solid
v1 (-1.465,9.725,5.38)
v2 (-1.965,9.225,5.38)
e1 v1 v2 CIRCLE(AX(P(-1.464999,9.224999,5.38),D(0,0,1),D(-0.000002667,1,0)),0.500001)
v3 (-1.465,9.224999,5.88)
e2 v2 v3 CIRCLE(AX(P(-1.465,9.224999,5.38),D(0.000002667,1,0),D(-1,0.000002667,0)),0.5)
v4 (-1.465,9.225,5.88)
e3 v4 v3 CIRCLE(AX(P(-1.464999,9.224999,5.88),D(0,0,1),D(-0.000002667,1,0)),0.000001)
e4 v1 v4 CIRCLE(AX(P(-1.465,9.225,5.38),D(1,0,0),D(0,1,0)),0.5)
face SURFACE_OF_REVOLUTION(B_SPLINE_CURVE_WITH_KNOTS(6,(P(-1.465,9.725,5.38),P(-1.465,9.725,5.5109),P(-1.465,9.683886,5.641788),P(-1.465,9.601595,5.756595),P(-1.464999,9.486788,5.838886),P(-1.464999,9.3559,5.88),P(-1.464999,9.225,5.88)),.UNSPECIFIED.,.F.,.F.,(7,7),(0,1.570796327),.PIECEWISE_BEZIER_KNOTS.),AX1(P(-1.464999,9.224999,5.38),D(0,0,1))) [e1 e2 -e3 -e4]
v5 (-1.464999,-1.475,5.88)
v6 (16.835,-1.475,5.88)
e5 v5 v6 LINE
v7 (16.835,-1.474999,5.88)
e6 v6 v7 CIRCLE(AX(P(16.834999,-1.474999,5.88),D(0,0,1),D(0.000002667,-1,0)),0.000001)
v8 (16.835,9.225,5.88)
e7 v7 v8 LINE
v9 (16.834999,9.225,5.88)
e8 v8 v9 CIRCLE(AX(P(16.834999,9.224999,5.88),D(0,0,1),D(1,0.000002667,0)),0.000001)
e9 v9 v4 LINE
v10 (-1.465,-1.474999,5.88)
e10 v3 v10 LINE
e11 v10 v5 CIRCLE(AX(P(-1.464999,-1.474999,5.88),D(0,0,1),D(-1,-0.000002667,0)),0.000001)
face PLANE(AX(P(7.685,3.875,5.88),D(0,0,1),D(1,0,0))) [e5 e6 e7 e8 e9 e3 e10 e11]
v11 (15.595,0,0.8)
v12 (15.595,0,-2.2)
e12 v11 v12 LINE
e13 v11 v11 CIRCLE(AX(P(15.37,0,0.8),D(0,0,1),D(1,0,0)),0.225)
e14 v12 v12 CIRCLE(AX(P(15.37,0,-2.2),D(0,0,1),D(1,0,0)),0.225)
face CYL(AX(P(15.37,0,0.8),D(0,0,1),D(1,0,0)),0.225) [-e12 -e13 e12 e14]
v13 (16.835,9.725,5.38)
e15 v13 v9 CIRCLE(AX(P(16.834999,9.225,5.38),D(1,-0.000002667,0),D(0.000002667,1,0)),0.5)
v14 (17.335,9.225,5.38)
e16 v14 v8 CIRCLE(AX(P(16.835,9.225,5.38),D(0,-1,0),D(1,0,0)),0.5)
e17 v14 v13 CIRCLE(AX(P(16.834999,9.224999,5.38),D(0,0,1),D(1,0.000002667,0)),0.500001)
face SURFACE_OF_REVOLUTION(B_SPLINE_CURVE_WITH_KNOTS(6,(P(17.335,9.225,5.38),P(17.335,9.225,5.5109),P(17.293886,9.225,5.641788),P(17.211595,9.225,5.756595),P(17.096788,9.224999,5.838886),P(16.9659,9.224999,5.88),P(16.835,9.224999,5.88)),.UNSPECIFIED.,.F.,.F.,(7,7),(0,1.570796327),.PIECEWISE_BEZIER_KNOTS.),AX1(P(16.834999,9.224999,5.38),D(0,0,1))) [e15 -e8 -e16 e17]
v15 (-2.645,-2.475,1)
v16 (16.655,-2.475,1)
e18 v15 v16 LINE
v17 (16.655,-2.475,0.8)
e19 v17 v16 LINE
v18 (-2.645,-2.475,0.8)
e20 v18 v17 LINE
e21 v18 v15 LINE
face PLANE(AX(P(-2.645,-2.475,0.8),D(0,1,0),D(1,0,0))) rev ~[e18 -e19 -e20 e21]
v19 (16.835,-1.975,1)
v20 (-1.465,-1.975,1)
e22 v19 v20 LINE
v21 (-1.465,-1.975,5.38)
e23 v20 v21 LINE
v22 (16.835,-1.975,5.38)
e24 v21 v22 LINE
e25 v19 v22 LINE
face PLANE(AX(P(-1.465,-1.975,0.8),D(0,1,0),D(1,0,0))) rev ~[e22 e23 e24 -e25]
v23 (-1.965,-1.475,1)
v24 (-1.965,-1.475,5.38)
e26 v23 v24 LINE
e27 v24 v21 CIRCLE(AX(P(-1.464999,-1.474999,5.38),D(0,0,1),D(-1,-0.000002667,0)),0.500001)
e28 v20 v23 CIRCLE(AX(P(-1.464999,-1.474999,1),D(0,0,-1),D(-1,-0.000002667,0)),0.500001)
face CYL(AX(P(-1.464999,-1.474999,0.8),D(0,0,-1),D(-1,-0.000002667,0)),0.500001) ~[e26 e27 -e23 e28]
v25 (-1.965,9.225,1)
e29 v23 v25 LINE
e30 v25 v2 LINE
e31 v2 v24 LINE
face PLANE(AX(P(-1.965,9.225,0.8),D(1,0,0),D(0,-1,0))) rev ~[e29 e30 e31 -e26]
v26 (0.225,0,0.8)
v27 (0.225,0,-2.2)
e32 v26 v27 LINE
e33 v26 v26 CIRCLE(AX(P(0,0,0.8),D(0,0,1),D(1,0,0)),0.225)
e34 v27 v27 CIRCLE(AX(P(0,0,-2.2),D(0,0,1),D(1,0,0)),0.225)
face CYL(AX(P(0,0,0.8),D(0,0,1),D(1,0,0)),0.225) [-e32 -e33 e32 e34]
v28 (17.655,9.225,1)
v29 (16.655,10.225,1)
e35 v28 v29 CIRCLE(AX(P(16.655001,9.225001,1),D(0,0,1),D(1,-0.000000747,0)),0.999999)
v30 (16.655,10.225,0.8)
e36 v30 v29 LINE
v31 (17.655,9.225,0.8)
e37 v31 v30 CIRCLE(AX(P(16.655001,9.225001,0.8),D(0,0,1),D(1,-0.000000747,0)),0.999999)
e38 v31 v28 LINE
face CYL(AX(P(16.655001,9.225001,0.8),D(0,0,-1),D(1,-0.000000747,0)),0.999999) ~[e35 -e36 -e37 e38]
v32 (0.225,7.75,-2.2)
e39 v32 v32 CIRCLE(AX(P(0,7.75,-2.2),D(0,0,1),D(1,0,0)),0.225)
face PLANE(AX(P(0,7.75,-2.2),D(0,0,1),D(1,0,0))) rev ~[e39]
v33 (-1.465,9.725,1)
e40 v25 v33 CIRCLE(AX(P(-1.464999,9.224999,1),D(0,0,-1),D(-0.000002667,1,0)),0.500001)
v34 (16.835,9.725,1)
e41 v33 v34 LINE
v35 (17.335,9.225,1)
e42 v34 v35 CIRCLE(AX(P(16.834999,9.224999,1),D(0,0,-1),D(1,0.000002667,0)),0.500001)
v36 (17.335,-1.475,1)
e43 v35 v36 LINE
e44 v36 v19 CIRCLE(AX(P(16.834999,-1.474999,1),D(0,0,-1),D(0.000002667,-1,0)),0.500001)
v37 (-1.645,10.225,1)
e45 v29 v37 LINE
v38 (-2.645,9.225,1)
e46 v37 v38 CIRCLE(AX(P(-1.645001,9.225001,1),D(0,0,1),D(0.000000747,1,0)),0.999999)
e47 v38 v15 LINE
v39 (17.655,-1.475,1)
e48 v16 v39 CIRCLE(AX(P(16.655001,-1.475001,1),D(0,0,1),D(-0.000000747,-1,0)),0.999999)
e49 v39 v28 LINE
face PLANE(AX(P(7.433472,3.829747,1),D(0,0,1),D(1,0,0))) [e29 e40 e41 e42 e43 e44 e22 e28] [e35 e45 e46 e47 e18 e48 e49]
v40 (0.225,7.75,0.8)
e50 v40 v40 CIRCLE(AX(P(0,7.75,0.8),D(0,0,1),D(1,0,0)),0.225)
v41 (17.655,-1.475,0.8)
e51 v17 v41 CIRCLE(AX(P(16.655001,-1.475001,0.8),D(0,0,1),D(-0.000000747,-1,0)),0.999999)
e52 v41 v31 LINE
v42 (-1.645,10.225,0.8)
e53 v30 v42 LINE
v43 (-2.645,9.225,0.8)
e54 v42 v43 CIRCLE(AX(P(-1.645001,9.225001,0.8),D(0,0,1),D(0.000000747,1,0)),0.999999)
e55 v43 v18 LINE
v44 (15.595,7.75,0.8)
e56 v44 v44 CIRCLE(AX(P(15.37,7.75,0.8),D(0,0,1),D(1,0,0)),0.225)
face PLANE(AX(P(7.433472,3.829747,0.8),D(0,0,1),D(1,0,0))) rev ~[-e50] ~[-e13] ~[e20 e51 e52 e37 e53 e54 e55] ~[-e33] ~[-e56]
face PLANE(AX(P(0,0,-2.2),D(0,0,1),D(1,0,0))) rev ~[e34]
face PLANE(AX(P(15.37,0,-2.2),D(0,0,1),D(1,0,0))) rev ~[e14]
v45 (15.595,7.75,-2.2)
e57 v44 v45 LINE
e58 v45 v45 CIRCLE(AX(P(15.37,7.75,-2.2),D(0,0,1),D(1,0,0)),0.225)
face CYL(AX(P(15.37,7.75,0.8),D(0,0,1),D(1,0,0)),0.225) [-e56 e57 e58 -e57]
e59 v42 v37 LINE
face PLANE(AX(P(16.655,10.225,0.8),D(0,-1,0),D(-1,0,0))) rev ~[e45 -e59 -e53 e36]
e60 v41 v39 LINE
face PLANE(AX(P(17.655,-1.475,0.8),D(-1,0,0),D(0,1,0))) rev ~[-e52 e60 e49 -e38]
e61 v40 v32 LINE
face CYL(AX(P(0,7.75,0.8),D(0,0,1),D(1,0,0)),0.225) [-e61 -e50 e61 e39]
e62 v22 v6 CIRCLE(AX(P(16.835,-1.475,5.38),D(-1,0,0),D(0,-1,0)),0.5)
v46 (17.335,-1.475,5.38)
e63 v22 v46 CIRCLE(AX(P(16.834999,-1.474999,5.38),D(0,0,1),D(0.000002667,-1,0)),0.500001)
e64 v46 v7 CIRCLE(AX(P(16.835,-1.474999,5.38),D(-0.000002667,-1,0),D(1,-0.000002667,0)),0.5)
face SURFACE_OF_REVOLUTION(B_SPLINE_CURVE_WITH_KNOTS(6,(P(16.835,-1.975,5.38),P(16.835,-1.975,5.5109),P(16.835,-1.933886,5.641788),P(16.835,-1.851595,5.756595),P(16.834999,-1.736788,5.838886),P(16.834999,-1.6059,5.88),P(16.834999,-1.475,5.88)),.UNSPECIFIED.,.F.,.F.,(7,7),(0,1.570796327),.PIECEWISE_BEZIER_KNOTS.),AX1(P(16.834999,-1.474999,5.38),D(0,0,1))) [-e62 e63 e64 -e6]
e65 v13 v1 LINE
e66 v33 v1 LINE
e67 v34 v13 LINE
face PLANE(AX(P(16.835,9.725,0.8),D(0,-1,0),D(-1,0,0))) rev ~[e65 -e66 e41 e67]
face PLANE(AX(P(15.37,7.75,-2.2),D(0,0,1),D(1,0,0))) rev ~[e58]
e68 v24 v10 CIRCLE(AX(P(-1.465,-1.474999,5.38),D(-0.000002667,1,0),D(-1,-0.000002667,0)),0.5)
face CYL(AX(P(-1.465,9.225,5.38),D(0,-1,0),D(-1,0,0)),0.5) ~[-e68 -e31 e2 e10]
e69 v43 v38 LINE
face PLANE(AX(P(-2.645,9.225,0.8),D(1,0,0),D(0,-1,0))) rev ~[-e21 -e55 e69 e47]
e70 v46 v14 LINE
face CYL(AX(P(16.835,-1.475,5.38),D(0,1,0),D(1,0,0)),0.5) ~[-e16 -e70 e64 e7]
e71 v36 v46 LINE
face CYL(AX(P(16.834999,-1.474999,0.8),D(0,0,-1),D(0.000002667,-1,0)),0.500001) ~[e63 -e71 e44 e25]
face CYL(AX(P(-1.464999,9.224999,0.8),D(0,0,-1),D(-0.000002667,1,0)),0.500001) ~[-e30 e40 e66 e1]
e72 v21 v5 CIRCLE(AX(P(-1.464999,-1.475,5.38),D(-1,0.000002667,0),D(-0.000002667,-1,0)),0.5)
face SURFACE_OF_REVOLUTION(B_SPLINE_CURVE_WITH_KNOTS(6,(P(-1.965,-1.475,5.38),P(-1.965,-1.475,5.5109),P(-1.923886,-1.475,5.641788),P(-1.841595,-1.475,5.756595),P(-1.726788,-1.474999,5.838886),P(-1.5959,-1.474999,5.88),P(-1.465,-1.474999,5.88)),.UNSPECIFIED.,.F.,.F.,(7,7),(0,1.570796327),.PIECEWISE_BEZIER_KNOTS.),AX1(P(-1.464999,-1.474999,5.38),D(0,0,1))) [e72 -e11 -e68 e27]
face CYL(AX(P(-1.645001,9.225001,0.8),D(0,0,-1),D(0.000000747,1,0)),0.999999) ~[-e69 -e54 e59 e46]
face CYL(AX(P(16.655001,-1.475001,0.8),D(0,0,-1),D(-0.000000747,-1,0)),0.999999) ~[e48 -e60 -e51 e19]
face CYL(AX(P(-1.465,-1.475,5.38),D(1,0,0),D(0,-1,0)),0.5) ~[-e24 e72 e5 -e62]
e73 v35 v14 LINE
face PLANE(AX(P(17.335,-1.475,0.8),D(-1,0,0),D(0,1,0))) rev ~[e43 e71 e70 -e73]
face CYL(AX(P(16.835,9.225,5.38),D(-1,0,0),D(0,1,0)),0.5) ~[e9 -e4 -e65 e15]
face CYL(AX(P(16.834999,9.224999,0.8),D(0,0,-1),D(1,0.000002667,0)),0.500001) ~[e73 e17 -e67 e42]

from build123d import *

# Parameters (mm, degrees)
PAD001_DEPTH = 0.2
PAD002_DEPTH = 5.08
FILLET_R     = 0.5
SKETCH_R     = 0.225
PAD_DEPTH    = 3


with BuildPart() as pad001:
    # Sketch001 → Pad001 (new body)
    with BuildSketch(Plane.XY.offset(0.8)):
        with BuildLine():
            Line((-2.645, -2.475), (16.655, -2.475))
            ThreePointArc((16.655, -2.475), (17.362107, -2.182107), (17.655, -1.475))
            Line((17.655, -1.475), (17.655, 9.225))
            ThreePointArc((17.655, 9.225), (17.362107, 9.932107), (16.655, 10.225))
            Line((16.655, 10.225), (-1.645, 10.225))
            ThreePointArc((-1.645, 10.225), (-2.352107, 9.932107), (-2.645, 9.225))
            Line((-2.645, 9.225), (-2.645, -2.475))
        make_face()
    extrude(amount=PAD001_DEPTH)


with BuildPart() as fillet_body:
    # Sketch002 → Pad002 (new body)
    with BuildSketch(Plane.XY.offset(0.8)):
        with BuildLine():
            Line((-1.465, -1.975), (16.835, -1.975))
            ThreePointArc((16.835, -1.975), (17.188553, -1.828553), (17.335, -1.475))
            Line((17.335, -1.475), (17.335, 9.225))
            ThreePointArc((17.335, 9.225), (17.188553, 9.578553), (16.835, 9.725))
            Line((16.835, 9.725), (-1.465, 9.725))
            ThreePointArc((-1.465, 9.725), (-1.818553, 9.578553), (-1.965, 9.225))
            Line((-1.965, 9.225), (-1.965, -1.475))
            ThreePointArc((-1.965, -1.475), (-1.818553, -1.828553), (-1.465, -1.975))
        make_face()
    extrude(amount=PAD002_DEPTH)

    # Fillet
    fillet_edges = [fillet_body.edges().sort_by_distance(p)[0] for p in [
        (-1.818553, -1.828553, 5.88),
        (7.685, -1.975, 5.88),
        (-1.965, 3.875, 5.88),
        (-1.818553, 9.578553, 5.88),
        (7.685, 9.725, 5.88),
        (17.188553, 9.578553, 5.88),
        (17.335, 3.875, 5.88),
        (17.188553, -1.828553, 5.88),
    ]]
    fillet(fillet_edges, radius=FILLET_R)


with BuildPart() as pad_mp_cp:
    # Sketch → Pad (new body)
    with BuildSketch(Plane.XY.offset(0.8)):
        Circle(SKETCH_R)
        with Locations((15.37, 0)):
            Circle(SKETCH_R)
        with Locations((15.37, 7.75)):
            Circle(SKETCH_R)
        with Locations((0, 7.75)):
            Circle(SKETCH_R)
    extrude(amount=-PAD_DEPTH)

    # Pad_mp_cp: union Pad001, Fillet body
    add(pad001.part)
    add(fillet_body.part)


solid = pad_mp_cp.part
